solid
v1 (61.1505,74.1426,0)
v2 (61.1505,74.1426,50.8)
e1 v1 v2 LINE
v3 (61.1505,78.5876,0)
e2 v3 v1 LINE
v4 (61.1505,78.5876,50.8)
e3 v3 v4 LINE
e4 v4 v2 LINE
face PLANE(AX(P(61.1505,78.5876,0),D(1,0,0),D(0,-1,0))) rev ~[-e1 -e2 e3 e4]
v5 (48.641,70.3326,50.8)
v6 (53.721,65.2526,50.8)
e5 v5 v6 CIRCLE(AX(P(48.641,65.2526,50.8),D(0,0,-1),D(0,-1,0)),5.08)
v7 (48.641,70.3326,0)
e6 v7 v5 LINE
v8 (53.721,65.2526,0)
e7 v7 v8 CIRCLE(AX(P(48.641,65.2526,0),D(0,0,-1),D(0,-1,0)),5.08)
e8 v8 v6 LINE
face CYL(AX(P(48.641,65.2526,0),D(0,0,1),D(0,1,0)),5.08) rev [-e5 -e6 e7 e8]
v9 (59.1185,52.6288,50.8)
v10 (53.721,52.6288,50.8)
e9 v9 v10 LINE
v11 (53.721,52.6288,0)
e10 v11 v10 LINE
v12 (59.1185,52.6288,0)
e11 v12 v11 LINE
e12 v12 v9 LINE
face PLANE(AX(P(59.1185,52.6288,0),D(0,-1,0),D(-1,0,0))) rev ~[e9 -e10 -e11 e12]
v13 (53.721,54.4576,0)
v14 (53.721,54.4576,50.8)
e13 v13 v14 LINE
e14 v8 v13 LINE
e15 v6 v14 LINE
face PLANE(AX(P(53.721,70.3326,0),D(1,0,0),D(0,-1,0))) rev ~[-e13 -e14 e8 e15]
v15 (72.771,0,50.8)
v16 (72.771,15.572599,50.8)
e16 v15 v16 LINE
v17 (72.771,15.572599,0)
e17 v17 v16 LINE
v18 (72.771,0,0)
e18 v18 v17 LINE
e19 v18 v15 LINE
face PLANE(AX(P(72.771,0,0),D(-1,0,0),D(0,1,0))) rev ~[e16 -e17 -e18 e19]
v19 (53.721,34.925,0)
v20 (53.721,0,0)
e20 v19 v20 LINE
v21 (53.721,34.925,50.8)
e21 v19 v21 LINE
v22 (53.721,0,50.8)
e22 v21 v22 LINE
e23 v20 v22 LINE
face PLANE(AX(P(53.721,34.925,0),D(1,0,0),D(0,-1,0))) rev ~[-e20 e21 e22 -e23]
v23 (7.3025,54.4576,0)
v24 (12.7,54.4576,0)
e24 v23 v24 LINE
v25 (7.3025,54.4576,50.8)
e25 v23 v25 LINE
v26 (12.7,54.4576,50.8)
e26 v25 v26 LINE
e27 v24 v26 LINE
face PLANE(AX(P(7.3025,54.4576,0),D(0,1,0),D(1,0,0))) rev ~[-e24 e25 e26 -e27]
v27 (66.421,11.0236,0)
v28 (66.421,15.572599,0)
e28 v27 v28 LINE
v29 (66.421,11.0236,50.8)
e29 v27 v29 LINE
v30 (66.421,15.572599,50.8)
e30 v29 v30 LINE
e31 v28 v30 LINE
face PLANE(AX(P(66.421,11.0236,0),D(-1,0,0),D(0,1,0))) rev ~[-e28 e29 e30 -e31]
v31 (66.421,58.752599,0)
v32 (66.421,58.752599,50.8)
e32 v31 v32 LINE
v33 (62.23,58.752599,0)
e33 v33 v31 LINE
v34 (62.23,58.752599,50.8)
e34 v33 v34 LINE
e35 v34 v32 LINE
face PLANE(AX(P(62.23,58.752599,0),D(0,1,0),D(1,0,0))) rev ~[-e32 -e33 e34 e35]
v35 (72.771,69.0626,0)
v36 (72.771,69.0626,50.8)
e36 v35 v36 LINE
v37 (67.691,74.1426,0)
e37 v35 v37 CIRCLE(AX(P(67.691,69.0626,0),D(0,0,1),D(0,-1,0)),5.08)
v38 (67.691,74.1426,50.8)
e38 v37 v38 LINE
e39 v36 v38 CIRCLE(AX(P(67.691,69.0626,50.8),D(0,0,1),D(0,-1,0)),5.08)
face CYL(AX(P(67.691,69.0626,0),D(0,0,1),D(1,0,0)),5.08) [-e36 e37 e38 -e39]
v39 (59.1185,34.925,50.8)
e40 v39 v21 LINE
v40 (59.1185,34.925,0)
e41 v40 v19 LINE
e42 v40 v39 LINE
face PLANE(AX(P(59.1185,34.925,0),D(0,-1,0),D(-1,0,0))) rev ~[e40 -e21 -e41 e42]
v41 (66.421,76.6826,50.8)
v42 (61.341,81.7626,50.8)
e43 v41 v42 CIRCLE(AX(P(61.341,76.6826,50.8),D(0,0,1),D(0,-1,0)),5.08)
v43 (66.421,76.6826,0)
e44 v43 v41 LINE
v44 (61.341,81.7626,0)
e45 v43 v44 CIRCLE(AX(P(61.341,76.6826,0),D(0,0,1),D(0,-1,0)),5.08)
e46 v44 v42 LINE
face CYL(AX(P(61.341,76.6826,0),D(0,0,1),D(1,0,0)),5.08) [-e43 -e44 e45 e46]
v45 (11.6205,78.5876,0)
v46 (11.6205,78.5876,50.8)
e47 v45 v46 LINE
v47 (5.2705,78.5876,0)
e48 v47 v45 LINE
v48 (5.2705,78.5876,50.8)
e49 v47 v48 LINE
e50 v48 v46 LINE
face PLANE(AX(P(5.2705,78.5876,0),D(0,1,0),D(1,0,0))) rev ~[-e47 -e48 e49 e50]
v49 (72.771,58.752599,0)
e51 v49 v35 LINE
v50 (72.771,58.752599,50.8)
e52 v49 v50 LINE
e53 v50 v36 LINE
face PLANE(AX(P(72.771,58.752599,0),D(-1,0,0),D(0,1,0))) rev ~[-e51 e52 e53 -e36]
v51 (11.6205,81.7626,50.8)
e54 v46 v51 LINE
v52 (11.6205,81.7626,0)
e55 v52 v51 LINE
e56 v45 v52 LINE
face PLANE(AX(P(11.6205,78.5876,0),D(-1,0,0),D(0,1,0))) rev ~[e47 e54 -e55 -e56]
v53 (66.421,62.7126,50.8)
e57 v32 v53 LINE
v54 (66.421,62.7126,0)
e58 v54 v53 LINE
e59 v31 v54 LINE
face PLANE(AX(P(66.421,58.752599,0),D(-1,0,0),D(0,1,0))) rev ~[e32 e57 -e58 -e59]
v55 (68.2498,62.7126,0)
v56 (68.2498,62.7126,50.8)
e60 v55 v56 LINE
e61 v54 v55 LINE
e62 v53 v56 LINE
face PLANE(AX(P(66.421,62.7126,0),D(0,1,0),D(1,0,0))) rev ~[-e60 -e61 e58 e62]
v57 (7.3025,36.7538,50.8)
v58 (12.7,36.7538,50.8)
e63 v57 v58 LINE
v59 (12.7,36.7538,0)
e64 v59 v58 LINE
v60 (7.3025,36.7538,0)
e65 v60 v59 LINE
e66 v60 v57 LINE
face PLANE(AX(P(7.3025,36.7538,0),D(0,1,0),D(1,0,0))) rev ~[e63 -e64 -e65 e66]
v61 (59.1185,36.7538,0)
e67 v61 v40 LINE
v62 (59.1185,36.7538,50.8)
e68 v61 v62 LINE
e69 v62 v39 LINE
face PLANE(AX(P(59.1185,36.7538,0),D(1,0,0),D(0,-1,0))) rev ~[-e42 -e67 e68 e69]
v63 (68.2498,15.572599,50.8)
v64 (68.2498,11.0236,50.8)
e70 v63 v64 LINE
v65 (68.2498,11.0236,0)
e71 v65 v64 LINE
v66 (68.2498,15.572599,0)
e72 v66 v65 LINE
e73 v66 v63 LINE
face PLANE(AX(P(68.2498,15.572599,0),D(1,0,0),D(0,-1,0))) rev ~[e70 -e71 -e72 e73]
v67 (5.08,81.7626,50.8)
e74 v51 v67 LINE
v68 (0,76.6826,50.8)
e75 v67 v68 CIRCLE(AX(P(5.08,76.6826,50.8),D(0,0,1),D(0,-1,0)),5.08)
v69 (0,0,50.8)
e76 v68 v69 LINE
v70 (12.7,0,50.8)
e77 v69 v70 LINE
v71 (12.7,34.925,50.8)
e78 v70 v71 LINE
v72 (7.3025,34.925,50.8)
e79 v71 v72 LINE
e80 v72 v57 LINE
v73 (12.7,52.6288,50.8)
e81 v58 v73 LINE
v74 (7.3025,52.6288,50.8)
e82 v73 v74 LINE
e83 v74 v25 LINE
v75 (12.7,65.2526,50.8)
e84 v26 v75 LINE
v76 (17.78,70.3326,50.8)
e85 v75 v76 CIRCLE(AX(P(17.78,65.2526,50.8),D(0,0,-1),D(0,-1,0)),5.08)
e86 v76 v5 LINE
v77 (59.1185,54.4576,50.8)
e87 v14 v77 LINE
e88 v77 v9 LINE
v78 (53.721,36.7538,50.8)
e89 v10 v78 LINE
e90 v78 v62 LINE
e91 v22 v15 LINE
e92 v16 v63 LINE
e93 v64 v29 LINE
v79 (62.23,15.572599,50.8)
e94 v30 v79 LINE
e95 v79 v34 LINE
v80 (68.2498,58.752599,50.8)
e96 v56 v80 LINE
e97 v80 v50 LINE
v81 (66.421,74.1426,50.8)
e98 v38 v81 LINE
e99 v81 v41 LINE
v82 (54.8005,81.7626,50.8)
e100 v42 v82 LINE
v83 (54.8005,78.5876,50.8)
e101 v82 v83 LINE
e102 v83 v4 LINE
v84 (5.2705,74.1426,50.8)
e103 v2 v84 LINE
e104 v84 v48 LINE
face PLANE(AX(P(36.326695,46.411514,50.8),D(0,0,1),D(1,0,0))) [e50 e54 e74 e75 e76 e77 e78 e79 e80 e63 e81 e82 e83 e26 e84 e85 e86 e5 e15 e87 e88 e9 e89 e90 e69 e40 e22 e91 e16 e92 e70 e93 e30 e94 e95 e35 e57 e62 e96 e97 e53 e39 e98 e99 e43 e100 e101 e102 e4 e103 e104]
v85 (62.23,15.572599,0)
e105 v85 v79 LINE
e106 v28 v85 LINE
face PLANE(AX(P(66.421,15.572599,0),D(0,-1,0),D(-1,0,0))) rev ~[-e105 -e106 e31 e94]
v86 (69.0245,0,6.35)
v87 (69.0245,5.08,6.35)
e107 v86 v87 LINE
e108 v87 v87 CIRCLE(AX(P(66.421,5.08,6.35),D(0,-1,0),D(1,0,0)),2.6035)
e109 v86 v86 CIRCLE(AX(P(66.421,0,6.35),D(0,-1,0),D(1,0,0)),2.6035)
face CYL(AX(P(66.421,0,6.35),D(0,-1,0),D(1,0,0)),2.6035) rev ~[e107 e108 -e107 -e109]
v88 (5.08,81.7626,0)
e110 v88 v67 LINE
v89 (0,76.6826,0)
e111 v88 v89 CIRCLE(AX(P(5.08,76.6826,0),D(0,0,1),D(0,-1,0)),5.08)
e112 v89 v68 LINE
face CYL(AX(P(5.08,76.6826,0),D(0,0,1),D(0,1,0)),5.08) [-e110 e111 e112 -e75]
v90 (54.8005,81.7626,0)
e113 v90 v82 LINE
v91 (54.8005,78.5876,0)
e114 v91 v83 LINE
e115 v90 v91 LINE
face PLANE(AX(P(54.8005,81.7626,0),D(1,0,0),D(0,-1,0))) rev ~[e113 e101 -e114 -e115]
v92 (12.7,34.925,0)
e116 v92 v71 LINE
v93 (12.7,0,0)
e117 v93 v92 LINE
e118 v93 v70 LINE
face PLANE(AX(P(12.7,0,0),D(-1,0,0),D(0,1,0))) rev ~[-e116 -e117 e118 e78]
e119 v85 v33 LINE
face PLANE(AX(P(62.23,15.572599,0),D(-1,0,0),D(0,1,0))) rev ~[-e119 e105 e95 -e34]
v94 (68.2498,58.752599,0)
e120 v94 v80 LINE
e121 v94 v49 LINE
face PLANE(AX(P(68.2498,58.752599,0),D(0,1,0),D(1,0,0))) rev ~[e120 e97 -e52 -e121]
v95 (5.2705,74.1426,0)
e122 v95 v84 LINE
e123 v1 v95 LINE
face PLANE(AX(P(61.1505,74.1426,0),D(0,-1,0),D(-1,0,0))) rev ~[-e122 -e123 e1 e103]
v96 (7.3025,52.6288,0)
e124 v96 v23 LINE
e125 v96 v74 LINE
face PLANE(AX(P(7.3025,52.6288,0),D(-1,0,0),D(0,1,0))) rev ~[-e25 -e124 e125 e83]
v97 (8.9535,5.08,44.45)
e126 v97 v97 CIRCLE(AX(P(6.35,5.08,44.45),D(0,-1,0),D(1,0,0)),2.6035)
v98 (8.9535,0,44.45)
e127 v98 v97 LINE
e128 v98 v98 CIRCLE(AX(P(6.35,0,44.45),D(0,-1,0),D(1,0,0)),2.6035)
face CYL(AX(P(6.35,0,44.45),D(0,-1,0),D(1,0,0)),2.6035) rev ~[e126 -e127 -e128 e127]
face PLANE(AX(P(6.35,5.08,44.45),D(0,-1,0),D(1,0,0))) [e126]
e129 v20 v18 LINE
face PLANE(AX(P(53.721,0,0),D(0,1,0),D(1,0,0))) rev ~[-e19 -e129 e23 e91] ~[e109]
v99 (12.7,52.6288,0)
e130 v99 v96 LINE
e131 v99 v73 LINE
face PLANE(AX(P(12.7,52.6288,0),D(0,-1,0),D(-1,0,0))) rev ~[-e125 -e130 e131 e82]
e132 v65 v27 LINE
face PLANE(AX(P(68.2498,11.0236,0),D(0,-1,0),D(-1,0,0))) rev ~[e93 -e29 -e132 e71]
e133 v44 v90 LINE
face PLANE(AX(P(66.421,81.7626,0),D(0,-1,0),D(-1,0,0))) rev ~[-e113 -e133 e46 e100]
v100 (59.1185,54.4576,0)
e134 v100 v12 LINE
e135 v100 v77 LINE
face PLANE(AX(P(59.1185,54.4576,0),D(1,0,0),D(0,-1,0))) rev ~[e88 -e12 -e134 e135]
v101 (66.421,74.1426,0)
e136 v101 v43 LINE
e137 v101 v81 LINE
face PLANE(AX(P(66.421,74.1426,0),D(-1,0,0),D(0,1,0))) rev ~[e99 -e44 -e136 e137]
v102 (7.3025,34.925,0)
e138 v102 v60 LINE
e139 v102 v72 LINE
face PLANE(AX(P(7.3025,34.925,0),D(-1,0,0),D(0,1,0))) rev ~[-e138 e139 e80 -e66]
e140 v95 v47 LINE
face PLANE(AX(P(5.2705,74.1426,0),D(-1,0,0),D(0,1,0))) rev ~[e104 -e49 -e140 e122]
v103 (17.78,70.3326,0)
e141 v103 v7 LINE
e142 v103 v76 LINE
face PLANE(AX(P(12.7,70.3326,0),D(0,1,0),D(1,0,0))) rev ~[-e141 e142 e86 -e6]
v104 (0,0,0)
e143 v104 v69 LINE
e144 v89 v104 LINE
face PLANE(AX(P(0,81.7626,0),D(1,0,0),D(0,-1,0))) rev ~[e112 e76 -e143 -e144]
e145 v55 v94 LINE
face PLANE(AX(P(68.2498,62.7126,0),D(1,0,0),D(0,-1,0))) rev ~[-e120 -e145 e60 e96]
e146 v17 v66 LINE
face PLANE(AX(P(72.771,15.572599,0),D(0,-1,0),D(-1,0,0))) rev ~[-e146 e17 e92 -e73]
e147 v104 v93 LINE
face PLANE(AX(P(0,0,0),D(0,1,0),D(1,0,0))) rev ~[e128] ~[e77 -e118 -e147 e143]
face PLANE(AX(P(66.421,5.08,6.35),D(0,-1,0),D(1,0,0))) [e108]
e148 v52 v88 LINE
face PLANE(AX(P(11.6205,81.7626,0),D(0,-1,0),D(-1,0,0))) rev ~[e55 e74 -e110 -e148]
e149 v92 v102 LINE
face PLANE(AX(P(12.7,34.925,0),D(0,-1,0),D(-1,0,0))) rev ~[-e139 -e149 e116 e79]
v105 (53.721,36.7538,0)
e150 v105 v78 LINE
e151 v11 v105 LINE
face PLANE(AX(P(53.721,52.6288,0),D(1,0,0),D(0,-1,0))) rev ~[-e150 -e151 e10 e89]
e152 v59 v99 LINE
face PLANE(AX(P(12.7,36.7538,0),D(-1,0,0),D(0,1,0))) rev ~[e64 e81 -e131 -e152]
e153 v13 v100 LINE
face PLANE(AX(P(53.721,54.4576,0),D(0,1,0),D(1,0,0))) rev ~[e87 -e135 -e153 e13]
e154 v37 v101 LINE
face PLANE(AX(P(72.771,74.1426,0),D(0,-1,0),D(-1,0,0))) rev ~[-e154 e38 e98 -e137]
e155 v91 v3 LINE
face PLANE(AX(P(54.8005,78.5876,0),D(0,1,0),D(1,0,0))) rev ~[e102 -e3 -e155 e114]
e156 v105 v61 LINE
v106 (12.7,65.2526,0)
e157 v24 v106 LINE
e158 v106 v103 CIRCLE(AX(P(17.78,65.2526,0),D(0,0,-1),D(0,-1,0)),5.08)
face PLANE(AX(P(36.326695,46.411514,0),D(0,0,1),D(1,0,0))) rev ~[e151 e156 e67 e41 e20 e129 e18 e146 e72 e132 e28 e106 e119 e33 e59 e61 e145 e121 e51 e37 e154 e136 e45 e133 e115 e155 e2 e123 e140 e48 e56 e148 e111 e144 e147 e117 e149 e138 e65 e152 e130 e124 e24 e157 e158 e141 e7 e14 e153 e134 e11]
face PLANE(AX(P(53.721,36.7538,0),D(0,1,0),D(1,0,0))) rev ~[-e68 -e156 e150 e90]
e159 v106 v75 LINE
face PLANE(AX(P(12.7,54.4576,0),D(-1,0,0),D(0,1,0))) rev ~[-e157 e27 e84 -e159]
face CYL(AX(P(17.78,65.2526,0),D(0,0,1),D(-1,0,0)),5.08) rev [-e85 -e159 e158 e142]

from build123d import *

# Parameters (mm, degrees)
BOSS_EXTRUDE1_DEPTH = 50.8
SKETCH2_R           = 2.6035
CUT_EXTRUDE1_DEPTH  = 5.08
FILLET1_R           = 5.08


with BuildPart() as part:
    # Sketch1 → Boss-Extrude1 (new body)
    with BuildSketch(Plane.XY):
        Polygon((12.7, 54.4576), (12.7, 70.3326), (53.721, 70.3326), (53.721, 54.4576), (59.1185, 54.4576), (59.1185, 52.6288), (53.721, 52.6288), (53.721, 36.7538), (59.1185, 36.7538), (59.1185, 34.925), (53.721, 34.925), (53.721, 0), (72.771, 0), (72.771, 15.572598677), (68.2498, 15.572598677), (68.2498, 11.0236), (66.421, 11.0236), (66.421, 15.572598677), (62.23, 15.572598677), (62.23, 58.752598677), (66.421, 58.752598677), (66.421, 62.7126), (68.2498, 62.7126), (68.2498, 58.752598677), (72.771, 58.752598677), (72.771, 74.1426), (66.421, 74.1426), (66.421, 81.7626), (54.8005, 81.7626), (54.8005, 78.5876), (61.1505, 78.5876), (61.1505, 74.1426), (5.2705, 74.1426), (5.2705, 78.5876), (11.6205, 78.5876), (11.6205, 81.7626), (0, 81.7626), (0, 0), (12.7, 0), (12.7, 34.925), (7.3025, 34.925), (7.3025, 36.7538), (12.7, 36.7538), (12.7, 52.6288), (7.3025, 52.6288), (7.3025, 54.4576), align=None)
    extrude(amount=BOSS_EXTRUDE1_DEPTH)

    # Sketch2 → Cut-Extrude1 (cut)
    with BuildSketch(Plane.XZ):
        with Locations((6.35, 44.45)):
            Circle(SKETCH2_R)
        with Locations((66.421, 6.35)):
            Circle(SKETCH2_R)
    extrude(amount=-CUT_EXTRUDE1_DEPTH, mode=Mode.SUBTRACT)

    # Fillet1
    fillet1_edges = [part.edges().sort_by_distance(p)[0] for p in [
        (53.721, 70.3326, 25.4),
        (12.7, 70.3326, 25.4),
        (0, 81.7626, 25.4),
        (66.421, 81.7626, 25.4),
        (72.771, 74.1426, 25.4),
    ]]
    fillet(fillet1_edges, radius=FILLET1_R)


solid = part.part
